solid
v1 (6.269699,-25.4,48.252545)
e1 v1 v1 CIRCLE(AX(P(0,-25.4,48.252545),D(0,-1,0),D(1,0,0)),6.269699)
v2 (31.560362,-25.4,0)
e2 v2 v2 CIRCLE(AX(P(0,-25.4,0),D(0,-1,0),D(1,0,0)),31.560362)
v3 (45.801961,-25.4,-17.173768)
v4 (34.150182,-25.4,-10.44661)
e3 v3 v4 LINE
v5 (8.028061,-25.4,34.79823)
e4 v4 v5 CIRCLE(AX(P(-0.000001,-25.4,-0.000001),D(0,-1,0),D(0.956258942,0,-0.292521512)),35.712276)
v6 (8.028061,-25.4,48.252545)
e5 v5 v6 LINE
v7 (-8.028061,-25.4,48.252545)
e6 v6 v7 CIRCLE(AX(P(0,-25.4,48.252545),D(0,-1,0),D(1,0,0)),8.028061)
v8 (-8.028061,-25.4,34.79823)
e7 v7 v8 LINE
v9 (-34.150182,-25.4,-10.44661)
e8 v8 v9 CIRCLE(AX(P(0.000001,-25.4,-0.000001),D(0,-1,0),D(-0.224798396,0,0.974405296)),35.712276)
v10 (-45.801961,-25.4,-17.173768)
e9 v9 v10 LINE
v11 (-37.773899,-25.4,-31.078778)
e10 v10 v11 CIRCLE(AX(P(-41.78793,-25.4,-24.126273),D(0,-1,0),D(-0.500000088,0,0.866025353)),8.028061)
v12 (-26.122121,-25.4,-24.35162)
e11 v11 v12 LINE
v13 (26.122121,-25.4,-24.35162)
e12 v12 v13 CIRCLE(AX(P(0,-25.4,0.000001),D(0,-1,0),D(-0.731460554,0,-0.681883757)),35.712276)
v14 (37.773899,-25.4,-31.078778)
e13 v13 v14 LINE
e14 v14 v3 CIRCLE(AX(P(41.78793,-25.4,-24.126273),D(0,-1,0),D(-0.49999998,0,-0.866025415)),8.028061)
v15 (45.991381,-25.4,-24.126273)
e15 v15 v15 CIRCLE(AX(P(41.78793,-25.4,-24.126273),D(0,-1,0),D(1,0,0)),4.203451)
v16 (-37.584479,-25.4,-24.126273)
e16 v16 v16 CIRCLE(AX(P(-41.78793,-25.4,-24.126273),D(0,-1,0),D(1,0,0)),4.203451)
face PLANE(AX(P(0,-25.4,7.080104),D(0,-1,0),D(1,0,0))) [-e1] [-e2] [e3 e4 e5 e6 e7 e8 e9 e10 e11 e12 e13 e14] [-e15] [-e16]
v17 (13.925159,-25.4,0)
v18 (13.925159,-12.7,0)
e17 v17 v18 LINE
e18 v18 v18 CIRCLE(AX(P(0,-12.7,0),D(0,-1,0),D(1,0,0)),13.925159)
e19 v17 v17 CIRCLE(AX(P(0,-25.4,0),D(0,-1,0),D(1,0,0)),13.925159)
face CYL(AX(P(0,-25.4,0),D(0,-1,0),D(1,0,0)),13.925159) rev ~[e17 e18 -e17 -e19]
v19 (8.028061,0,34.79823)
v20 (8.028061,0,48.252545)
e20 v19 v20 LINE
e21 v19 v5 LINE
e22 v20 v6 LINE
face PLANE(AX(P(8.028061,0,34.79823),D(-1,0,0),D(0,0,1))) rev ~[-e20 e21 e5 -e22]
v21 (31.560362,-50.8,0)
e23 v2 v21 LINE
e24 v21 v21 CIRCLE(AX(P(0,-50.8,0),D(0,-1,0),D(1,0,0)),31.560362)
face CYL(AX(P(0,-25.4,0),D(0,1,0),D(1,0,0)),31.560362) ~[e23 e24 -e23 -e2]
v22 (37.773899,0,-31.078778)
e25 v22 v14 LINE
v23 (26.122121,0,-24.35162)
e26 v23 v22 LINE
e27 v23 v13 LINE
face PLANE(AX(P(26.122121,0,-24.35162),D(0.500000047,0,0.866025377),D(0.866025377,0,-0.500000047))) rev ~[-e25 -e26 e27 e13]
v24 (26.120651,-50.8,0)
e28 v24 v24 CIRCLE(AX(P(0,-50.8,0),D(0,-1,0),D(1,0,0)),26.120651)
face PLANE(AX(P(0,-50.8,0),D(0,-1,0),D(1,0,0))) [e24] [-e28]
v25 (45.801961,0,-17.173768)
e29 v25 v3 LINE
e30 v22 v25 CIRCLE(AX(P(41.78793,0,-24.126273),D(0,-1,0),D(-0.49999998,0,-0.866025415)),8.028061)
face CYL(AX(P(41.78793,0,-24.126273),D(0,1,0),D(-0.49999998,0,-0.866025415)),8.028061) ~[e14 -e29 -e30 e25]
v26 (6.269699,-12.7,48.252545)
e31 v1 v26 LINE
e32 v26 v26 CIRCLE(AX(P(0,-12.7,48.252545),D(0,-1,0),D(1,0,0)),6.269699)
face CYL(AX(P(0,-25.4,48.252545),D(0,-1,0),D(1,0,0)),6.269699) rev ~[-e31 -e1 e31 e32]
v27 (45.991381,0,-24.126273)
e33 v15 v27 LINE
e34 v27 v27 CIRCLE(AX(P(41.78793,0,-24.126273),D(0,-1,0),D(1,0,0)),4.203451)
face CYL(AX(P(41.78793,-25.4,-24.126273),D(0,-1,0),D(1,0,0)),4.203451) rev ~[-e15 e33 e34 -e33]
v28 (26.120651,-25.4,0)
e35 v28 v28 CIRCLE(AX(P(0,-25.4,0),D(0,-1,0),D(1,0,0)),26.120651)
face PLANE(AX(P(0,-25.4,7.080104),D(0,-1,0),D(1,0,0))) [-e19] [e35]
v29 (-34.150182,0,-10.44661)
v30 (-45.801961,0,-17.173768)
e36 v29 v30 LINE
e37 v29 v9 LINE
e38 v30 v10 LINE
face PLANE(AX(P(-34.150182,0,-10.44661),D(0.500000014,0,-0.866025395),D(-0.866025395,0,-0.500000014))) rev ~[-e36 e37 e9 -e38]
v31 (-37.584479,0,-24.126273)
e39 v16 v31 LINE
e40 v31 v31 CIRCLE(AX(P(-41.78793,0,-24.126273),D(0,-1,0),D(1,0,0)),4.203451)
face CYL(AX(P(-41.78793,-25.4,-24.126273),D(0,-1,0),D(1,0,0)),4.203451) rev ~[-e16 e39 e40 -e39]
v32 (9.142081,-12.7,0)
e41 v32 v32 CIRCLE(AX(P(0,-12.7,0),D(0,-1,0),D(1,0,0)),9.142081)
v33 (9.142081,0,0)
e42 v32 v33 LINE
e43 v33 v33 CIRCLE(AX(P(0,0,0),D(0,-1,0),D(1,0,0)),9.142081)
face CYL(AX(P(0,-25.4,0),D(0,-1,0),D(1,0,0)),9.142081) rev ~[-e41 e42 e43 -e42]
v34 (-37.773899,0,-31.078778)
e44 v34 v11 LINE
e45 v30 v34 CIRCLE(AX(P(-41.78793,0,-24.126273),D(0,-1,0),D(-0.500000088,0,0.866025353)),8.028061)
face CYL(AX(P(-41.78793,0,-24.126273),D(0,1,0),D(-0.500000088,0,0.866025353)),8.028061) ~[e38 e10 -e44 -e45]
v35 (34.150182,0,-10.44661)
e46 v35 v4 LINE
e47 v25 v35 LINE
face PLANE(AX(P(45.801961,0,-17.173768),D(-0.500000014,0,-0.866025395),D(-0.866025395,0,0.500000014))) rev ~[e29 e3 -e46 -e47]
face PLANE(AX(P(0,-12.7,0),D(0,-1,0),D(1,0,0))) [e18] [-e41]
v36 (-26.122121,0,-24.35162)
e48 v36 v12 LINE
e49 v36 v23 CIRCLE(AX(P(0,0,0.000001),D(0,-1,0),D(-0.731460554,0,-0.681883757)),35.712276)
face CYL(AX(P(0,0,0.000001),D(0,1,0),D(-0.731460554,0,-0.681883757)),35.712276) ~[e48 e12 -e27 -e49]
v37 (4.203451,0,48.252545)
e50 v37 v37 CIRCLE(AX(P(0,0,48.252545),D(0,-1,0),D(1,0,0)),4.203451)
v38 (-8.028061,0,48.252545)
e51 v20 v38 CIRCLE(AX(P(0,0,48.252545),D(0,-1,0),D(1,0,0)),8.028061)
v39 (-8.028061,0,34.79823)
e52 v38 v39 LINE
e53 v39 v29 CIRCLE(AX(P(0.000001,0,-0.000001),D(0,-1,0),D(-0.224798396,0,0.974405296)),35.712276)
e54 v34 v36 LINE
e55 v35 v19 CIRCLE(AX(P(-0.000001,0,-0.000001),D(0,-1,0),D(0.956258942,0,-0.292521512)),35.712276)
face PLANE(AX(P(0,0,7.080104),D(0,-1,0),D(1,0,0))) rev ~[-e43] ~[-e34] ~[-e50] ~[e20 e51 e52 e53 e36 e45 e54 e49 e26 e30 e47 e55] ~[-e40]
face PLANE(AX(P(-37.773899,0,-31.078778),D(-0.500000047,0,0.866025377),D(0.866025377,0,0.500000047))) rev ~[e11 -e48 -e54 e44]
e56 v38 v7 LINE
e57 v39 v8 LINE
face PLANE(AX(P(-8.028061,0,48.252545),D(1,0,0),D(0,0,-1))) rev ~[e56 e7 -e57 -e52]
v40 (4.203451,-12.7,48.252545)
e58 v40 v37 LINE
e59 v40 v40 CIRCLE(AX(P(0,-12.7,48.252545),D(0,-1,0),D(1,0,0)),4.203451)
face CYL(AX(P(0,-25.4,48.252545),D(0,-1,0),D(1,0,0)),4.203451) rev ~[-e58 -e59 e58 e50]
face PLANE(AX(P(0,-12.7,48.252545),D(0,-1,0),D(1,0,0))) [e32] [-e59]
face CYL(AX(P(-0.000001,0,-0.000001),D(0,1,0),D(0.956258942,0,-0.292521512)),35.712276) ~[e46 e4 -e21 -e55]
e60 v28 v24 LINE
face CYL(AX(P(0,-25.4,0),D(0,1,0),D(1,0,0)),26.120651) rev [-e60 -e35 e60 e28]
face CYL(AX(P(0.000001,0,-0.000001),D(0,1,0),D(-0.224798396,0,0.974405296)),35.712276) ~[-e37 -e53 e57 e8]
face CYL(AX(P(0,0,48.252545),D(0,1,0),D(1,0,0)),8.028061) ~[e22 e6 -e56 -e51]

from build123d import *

# Parameters (mm, degrees)
F1_DEPTH  = 25.4
F2_R      = 4.203451
F3_DEPTH  = 25.401
F4_R      = 6.269699
F4_R_2    = 4.203451
F6_DEPTH  = 12.7
F7_R      = 9.142081
F8_DEPTH  = 25.401
F9_R      = 13.925159
F10_DEPTH = 12.7
F11_R     = 31.560362
F11_R_2   = 26.120651
F12_DEPTH = 25.4


with BuildPart() as f1:
    # F0 (on Front) → F1 (new body)
    with BuildSketch(Plane.XZ):
        with BuildLine():
            Line((-8.028061, 48.252545), (-8.028061, 34.79823))
            ThreePointArc((-8.028061, 34.79823), (-30.927737, 17.856137), (-34.150182, -10.44661))
            ThreePointArc((-34.150182, -10.44661), (-30.927737, -17.856137), (-26.122121, -24.35162))
            ThreePointArc((-26.122121, -24.35162), (0, -35.712275), (26.122121, -24.35162))
            ThreePointArc((26.122121, -24.35162), (30.927737, -17.856137), (34.150182, -10.44661))
            ThreePointArc((34.150182, -10.44661), (30.927737, 17.856137), (8.028061, 34.79823))
            Line((8.028061, 34.79823), (8.028061, 48.252545))
            ThreePointArc((8.028061, 48.252545), (0, 56.280606), (-8.028061, 48.252545))
        make_face()
        with BuildLine():
            ThreePointArc((-26.122121, -24.35162), (-30.927737, -17.856137), (-34.150182, -10.44661))
            Line((-34.150182, -10.44661), (-45.801961, -17.173768))
            ThreePointArc((-45.801961, -17.173768), (-48.740435, -28.140303), (-37.773899, -31.078778))
            Line((-37.773899, -31.078778), (-26.122121, -24.35162))
        make_face()
        with BuildLine():
            ThreePointArc((34.150182, -10.44661), (30.927737, -17.856137), (26.122121, -24.35162))
            Line((26.122121, -24.35162), (37.773899, -31.078778))
            ThreePointArc((37.773899, -31.078778), (48.740435, -28.140303), (45.801961, -17.173768))
            Line((45.801961, -17.173768), (34.150182, -10.44661))
        make_face()
    extrude(amount=F1_DEPTH)

    # F2 (on face) → F3 (cut, through all)
    with BuildSketch(Plane.XZ.offset(25.4)):
        with Locations((0, 48.252545)):
            Circle(F2_R)
        with Locations((-41.78793, -24.126273)):
            Circle(F2_R)
        with Locations((41.78793, -24.126273)):
            Circle(F2_R)
    extrude(amount=-F3_DEPTH, mode=Mode.SUBTRACT)

    # F4 (on face) → F6 (cut)
    with BuildSketch(Plane.XZ.offset(25.4)):
        with Locations((0, 48.252545)):
            Circle(F4_R)
        with Locations((0, 48.252545)):
            Circle(F4_R_2, mode=Mode.SUBTRACT)
    extrude(amount=-F6_DEPTH, mode=Mode.SUBTRACT)

    # F7 (on face) → F8 (cut, through all)
    with BuildSketch(Plane.XZ.offset(25.4)):
        Circle(F7_R)
    extrude(amount=-F8_DEPTH, mode=Mode.SUBTRACT)

    # F9 (on face) → F10 (cut)
    with BuildSketch(Plane.XZ.offset(25.4)):
        Circle(F9_R)
    extrude(amount=-F10_DEPTH, mode=Mode.SUBTRACT)

    # F11 (on face) → F12 (join)
    with BuildSketch(Plane.XZ.offset(25.4)):
        Circle(F11_R)
        Circle(F11_R_2, mode=Mode.SUBTRACT)
    extrude(amount=F12_DEPTH)


solid = f1.part
